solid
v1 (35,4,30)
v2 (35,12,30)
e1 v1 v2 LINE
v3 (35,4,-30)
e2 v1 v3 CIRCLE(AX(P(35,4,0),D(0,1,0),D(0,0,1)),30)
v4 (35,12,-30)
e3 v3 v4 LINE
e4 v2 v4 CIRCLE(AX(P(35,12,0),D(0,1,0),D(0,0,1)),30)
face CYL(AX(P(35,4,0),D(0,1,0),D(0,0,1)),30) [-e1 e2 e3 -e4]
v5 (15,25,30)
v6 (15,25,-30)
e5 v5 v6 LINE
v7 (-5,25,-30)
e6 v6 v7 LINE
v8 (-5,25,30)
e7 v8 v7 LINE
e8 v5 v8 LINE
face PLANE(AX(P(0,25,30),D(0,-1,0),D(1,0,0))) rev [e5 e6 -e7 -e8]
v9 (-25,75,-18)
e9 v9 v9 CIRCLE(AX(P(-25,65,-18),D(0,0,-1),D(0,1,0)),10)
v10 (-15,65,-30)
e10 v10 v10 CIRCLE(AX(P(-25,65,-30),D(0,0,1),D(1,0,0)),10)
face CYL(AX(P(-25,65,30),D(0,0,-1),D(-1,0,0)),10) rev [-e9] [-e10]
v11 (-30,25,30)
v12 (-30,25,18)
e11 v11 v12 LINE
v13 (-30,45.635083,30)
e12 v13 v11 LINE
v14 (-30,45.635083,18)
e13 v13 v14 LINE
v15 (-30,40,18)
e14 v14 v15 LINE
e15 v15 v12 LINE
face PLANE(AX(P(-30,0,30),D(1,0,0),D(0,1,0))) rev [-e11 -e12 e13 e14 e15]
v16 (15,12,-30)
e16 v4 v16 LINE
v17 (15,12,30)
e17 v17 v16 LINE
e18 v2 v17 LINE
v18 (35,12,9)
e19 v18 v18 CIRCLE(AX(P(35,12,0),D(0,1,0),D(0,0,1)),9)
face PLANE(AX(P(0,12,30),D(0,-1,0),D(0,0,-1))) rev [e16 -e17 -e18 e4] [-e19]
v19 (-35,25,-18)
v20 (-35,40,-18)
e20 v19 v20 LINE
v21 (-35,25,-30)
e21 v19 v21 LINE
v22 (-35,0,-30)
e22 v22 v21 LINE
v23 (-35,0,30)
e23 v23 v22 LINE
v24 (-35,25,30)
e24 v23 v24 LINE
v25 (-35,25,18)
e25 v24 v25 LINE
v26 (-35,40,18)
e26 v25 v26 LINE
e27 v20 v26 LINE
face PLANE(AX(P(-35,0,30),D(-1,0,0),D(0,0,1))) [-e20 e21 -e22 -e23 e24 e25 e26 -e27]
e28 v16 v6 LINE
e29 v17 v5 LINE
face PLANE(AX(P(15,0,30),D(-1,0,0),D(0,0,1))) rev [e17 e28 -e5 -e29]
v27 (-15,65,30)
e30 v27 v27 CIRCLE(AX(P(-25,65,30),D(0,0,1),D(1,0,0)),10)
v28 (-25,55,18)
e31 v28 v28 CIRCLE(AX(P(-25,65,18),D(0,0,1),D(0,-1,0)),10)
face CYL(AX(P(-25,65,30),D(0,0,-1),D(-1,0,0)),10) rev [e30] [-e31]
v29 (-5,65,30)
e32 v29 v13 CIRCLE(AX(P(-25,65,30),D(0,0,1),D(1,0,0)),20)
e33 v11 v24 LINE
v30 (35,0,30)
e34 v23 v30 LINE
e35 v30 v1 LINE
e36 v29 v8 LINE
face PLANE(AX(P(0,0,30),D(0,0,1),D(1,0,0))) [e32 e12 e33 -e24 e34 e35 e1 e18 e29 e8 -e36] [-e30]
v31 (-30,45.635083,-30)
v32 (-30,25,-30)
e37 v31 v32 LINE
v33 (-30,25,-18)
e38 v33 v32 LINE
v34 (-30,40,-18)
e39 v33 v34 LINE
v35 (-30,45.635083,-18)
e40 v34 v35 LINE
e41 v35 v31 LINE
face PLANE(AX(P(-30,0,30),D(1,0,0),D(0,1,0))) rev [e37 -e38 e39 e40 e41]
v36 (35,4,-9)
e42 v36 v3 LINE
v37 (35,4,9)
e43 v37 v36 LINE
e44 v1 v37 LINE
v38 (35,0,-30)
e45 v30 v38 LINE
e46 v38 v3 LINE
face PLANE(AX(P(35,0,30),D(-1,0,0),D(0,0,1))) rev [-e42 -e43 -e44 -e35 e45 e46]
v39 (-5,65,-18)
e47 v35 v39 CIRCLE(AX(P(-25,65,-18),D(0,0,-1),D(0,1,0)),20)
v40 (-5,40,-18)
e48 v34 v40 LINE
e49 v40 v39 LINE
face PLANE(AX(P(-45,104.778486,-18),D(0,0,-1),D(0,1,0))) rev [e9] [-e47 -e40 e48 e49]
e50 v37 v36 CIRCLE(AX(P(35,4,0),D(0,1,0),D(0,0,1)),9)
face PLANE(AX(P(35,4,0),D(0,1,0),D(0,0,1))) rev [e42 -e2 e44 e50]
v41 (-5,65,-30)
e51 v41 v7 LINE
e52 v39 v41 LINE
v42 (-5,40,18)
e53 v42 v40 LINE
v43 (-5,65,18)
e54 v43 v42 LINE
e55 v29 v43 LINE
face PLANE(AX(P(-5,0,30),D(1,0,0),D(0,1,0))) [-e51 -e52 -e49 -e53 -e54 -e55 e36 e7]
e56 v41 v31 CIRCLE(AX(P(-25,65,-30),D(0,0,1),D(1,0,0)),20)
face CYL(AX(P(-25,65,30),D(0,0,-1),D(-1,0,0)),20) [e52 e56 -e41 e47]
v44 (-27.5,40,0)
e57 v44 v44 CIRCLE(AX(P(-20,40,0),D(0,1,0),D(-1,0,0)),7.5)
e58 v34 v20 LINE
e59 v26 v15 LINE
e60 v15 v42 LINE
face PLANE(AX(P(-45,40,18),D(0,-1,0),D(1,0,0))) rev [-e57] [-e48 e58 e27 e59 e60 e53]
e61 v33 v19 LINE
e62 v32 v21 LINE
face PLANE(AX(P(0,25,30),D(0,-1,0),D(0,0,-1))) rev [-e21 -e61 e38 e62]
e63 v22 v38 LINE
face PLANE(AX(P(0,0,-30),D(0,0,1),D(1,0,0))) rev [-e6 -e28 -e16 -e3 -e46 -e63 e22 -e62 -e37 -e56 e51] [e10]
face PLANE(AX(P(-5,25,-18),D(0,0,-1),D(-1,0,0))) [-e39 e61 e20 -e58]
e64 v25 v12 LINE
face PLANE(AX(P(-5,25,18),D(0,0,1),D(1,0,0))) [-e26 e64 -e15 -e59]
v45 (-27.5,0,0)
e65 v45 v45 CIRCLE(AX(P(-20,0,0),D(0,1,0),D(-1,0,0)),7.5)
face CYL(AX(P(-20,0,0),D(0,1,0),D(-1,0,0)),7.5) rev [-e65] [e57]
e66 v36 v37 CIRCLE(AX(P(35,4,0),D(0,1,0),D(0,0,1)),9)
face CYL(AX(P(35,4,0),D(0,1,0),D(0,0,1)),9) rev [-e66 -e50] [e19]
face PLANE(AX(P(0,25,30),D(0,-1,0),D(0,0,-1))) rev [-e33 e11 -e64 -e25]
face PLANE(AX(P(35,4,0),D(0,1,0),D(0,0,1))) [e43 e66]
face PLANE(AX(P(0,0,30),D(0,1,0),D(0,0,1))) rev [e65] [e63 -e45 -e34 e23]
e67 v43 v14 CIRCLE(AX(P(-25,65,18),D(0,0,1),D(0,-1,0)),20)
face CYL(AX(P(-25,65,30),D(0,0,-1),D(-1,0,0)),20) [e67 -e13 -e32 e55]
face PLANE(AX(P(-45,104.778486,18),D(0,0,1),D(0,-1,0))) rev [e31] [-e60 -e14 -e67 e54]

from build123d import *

# Parameters (mm, degrees)
SKETCH1_R           = 10
BOSS_EXTRUDE1_DEPTH = 30
BOSS_EXTRUDE3_DEPTH = 8
SKETCH4_R           = 9
CUT_EXTRUDE5_DEPTH  = 8
SKETCH7_W           = 36
SKETCH7_H           = 64.778485803
CUT_EXTRUDE6_DEPTH  = 41
SKETCH8_W           = 30
SKETCH8_H           = 36
BOSS_EXTRUDE5_DEPTH = 15
SKETCH9_R           = 7.5
CUT_EXTRUDE8_DEPTH  = 41


with BuildPart() as part:
    # Sketch1 → Boss-Extrude1 (new body, symmetric)
    with BuildSketch(Plane.XY):
        with BuildLine():
            Line((-35, 25), (-35, 0))
            Line((-35, 0), (35, 0))
            Line((35, 0), (35, 12))
            Line((35, 12), (15, 12))
            Line((15, 12), (15, 25))
            Line((15, 25), (-5, 25))
            Line((-5, 25), (-5, 40))
            Line((-5, 40), (-5, 65))
            ThreePointArc((-5, 65), (-37.247448714, 80.811388301), (-30, 45.635083269))
            Line((-30, 45.635083269), (-30, 40))
            Line((-30, 40), (-30, 25))
            Line((-30, 25), (-35, 25))
        make_face()
        with Locations((-25, 65)):
            Circle(SKETCH1_R, mode=Mode.SUBTRACT)
    extrude(amount=BOSS_EXTRUDE1_DEPTH, both=True)

    # Sketch3 → Boss-Extrude3 (add)
    with BuildSketch(Plane(origin=(0, 12, 0), x_dir=(1, 0, 0), z_dir=(0, 1, 0))):
        with BuildLine():
            Line((15, 30), (35, 30))
            ThreePointArc((35, 30), (65, 0), (35, -30))
            Line((35, -30), (15, -30))
            Line((15, -30), (15, 30))
        make_face()
    extrude(amount=-BOSS_EXTRUDE3_DEPTH)

    # Sketch4 → Cut-Extrude5 (cut)
    with BuildSketch(Plane(origin=(0, 12, 0), x_dir=(1, 0, 0), z_dir=(0, 1, 0))):
        with Locations((35, 0)):
            Circle(SKETCH4_R)
    extrude(amount=-CUT_EXTRUDE5_DEPTH, mode=Mode.SUBTRACT)

    # Sketch7 → Cut-Extrude6 (cut, through all)
    with BuildSketch(Plane(origin=(-5, 0, 0), x_dir=(0, 0, -1), z_dir=(1, 0, 0))):
        with Locations((0, 72.389242902)):
            Rectangle(SKETCH7_W, SKETCH7_H)
    extrude(amount=-CUT_EXTRUDE6_DEPTH, mode=Mode.SUBTRACT)

    # Sketch8 → Boss-Extrude5 (add)
    with BuildSketch(Plane(origin=(0, 40, 0), x_dir=(1, 0, 0), z_dir=(0, 1, 0))):
        with Locations((-20, 0)):
            Rectangle(SKETCH8_W, SKETCH8_H)
    extrude(amount=-BOSS_EXTRUDE5_DEPTH)

    # Sketch9 → Cut-Extrude8 (cut, through all)
    with BuildSketch(Plane(origin=(0, 40, 0), x_dir=(1, 0, 0), z_dir=(0, 1, 0))):
        with Locations((-20, 0)):
            Circle(SKETCH9_R)
    extrude(amount=-CUT_EXTRUDE8_DEPTH, mode=Mode.SUBTRACT)


solid = part.part
